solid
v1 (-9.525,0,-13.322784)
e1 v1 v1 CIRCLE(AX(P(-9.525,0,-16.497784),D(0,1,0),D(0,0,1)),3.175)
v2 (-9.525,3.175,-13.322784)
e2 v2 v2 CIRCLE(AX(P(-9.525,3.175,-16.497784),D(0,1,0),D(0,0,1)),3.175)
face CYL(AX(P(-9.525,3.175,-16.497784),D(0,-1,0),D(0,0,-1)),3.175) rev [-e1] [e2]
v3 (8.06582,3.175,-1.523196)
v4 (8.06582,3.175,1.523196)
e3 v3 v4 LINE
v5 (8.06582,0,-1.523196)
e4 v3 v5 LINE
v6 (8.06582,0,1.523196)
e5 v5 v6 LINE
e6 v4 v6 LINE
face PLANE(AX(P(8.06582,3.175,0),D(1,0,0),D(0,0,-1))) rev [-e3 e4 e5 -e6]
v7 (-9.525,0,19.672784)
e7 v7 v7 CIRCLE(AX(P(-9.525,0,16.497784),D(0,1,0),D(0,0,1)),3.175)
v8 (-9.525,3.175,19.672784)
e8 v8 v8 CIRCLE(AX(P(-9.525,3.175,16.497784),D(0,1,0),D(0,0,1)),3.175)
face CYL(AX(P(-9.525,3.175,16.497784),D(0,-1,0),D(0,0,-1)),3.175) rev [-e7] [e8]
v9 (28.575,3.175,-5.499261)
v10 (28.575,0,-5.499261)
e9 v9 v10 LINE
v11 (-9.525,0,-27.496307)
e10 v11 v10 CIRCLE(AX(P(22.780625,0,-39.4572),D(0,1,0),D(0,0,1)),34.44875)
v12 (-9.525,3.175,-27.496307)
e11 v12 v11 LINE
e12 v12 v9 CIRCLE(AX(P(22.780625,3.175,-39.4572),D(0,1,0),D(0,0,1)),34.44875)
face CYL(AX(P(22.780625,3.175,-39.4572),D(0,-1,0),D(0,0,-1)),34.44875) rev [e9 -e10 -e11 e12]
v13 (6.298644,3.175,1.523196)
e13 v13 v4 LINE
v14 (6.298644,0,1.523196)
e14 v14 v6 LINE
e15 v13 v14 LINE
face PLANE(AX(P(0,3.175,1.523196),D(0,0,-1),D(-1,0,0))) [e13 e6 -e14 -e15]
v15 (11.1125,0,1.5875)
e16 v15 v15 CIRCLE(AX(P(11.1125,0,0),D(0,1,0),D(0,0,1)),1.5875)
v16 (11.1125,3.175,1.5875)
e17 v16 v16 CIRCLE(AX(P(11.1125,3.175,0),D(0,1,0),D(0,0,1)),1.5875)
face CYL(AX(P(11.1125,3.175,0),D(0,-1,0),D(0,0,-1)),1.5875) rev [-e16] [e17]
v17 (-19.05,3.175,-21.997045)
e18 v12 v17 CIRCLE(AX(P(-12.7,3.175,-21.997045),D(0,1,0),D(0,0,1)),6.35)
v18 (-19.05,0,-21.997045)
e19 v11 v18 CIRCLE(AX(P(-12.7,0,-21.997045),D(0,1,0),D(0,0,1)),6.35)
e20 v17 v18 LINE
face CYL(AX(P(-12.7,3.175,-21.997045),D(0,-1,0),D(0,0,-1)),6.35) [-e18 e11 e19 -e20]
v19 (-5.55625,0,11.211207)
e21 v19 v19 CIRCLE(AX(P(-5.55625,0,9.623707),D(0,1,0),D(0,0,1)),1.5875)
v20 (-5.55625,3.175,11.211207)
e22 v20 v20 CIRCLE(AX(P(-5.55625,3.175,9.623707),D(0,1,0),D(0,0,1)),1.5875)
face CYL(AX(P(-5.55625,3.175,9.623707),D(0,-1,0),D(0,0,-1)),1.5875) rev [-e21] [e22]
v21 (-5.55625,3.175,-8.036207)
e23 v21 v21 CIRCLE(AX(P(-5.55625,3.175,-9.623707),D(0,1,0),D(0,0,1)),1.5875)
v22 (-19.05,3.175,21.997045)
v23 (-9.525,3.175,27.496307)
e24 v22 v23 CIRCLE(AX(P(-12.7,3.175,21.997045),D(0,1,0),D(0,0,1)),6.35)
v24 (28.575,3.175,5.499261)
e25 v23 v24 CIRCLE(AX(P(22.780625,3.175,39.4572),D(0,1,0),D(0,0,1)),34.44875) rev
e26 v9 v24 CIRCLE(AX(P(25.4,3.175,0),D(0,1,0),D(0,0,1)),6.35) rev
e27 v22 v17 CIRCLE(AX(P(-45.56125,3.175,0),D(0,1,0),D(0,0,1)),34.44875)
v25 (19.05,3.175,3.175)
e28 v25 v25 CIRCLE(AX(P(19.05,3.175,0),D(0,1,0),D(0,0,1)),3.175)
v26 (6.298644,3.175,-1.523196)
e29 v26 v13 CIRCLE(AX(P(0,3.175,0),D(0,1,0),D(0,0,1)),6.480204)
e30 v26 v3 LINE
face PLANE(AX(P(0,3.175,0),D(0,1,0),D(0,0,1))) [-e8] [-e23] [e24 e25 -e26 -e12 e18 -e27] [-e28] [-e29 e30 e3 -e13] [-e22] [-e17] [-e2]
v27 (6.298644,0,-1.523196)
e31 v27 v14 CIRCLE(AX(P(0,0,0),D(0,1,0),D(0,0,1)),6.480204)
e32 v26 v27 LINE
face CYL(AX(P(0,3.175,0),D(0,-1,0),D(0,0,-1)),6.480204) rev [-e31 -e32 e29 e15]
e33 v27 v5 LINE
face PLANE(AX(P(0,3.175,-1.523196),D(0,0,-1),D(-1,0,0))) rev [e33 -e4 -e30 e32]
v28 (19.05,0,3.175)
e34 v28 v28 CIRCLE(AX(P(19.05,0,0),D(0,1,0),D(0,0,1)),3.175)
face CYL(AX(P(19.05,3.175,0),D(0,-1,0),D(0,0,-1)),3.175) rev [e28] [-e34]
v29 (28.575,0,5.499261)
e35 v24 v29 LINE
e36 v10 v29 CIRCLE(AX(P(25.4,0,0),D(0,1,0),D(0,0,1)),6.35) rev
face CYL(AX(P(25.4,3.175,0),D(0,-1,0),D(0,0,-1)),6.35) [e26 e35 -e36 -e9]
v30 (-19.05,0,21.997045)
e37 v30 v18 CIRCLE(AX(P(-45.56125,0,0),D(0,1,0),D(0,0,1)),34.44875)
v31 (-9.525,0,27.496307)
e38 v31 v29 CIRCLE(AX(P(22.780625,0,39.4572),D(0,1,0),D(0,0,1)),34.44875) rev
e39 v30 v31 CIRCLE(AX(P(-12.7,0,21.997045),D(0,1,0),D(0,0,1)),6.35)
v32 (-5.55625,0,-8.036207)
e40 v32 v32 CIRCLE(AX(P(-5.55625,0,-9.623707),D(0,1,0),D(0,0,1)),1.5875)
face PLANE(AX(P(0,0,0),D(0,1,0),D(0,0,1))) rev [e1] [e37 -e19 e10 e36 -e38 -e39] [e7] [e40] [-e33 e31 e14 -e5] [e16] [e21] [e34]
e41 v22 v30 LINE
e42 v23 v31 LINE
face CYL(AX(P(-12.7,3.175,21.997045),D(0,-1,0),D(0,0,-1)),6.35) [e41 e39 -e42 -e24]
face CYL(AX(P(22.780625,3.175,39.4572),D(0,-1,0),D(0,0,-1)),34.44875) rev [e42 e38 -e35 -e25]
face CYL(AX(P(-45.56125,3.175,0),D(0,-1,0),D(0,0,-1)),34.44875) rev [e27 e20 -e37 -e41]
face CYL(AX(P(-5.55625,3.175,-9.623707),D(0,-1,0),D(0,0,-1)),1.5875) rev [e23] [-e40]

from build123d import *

# Parameters (mm, degrees)
BOSS_EXTRUDE2_DEPTH = 3.175


with BuildPart() as part:
    # Sketch1 → Boss-Extrude2 (new body)
    # profile 1 of 7: a face of its own
    with BuildSketch(Plane(origin=(0, 0, 0), x_dir=(1, 0, 0), z_dir=(0, 1, 0))):
        with BuildLine():
            ThreePointArc((28.575, -5.499261314), (31.75, 0), (28.575, 5.499261314))
            ThreePointArc((28.575, 5.499261314), (5.55625, 9.6237073), (-9.525, 27.49630657))
            ThreePointArc((-9.525, 27.49630657), (-15.875, 27.49630657), (-19.05, 21.997045256))
            ThreePointArc((-19.05, 21.997045256), (-11.443597622, 4.764679711), (-14.037901317, -13.892259152))
            Line((-14.037901317, -13.892259152), (-12.274630657, -14.910283942))
            ThreePointArc((-12.274630657, -14.910283942), (-11.1125, -13.748153285), (-9.525, -13.322783942))
            Line((-9.525, -13.322783942), (-9.525, 13.322783942))
            ThreePointArc((-9.525, 13.322783942), (-11.77006403, 18.742847972), (-6.35, 16.497783942))
            ThreePointArc((-6.35, 16.497783942), (-6.458185502, 15.676033474), (-6.775369343, 14.910283942))
            Line((-6.775369343, 14.910283942), (16.300369343, 1.5875))
            ThreePointArc((16.300369343, 1.5875), (19.871750468, 3.066814498), (22.225, 0))
            ThreePointArc((22.225, 0), (19.871750468, -3.066814498), (16.300369343, -1.5875))
            Line((16.300369343, -1.5875), (-6.775369343, -14.910283942))
            ThreePointArc((-6.775369343, -14.910283942), (-6.458185502, -15.676033474), (-6.35, -16.497783942))
            ThreePointArc((-6.35, -16.497783942), (-6.458185502, -17.31953441), (-6.775369343, -18.085283942))
            Line((-6.775369343, -18.085283942), (-5.012098683, -19.103308732))
            ThreePointArc((-5.012098683, -19.103308732), (9.848132482, -7.528106395), (28.575, -5.499261314))
        make_face()
    # profile 2 of 7: a face of its own
    with BuildSketch(Plane(origin=(0, 0, 0), x_dir=(1, 0, 0), z_dir=(0, 1, 0))):
        with BuildLine():
            ThreePointArc((-9.525, -27.49630657), (-7.560164077, -23.143006881), (-5.012098683, -19.103308732))
            Line((-5.012098683, -19.103308732), (-6.775369343, -18.085283942))
            ThreePointArc((-6.775369343, -18.085283942), (-11.1125, -19.247414599), (-12.274630657, -14.910283942))
            Line((-12.274630657, -14.910283942), (-14.037901317, -13.892259152))
            ThreePointArc((-14.037901317, -13.892259152), (-16.262349841, -18.118797588), (-19.05, -21.997045256))
            ThreePointArc((-19.05, -21.997045256), (-15.875, -27.49630657), (-9.525, -27.49630657))
        make_face()
    # profile 3 of 7: a face of its own
    with BuildSketch(Plane(origin=(0, 0, 0), x_dir=(1, 0, 0), z_dir=(0, 1, 0))):
        with BuildLine():
            Line((-9.525, 13.322783942), (-9.525, -13.322783942))
            ThreePointArc((-9.525, -13.322783942), (-7.9375, -13.748153285), (-6.775369343, -14.910283942))
            Line((-6.775369343, -14.910283942), (16.300369343, -1.5875))
            ThreePointArc((16.300369343, -1.5875), (15.875, 0), (16.300369343, 1.5875))
            Line((16.300369343, 1.5875), (-6.775369343, 14.910283942))
            ThreePointArc((-6.775369343, 14.910283942), (-7.9375, 13.748153285), (-9.525, 13.322783942))
        make_face()
        with BuildLine():
            Line((-8.065819658, -1.523195628), (-8.065819658, 1.523195628))
            Line((-8.065819658, 1.523195628), (-6.298644043, 1.523195628))
            ThreePointArc((-6.298644043, 1.523195628), (-5.996260328, 2.457214638), (-5.55625, 3.334835474))
            Line((-5.55625, 3.334835474), (-5.55625, 8.0362073))
            ThreePointArc((-5.55625, 8.0362073), (-6.678782015, 10.746239315), (-3.96875, 9.6237073))
            ThreePointArc((-3.96875, 9.6237073), (-4.022842751, 9.212832065), (-4.181434671, 8.8299573))
            Line((-4.181434671, 8.8299573), (-0.109927238, 6.479271387))
            ThreePointArc((-0.109927238, 6.479271387), (3.240101916, 5.61202114), (5.666177238, 3.144435913))
            Line((5.666177238, 3.144435913), (9.737684671, 0.79375))
            ThreePointArc((9.737684671, 0.79375), (11.523375234, 1.533407249), (12.7, 0))
            ThreePointArc((12.7, 0), (11.523375234, -1.533407249), (9.737684671, -0.79375))
            Line((9.737684671, -0.79375), (5.666177238, -3.144435913))
            ThreePointArc((5.666177238, -3.144435913), (3.240101916, -5.61202114), (-0.109927238, -6.479271387))
            Line((-0.109927238, -6.479271387), (-4.181434671, -8.8299573))
            ThreePointArc((-4.181434671, -8.8299573), (-4.022842751, -9.212832065), (-3.96875, -9.6237073))
            ThreePointArc((-3.96875, -9.6237073), (-6.678782015, -10.746239315), (-5.55625, -8.0362073))
            Line((-5.55625, -8.0362073), (-5.55625, -3.334835474))
            ThreePointArc((-5.55625, -3.334835474), (-5.996260328, -2.457214638), (-6.298644043, -1.523195628))
            Line((-6.298644043, -1.523195628), (-8.065819658, -1.523195628))
        make_face(mode=Mode.SUBTRACT)
    # profile 4 of 7: a face of its own
    with BuildSketch(Plane(origin=(0, 0, 0), x_dir=(1, 0, 0), z_dir=(0, 1, 0))):
        with BuildLine():
            Line((-5.55625, 8.0362073), (-5.55625, 3.334835474))
            ThreePointArc((-5.55625, 3.334835474), (-3.240101916, 5.61202114), (-0.109927238, 6.479271387))
            Line((-0.109927238, 6.479271387), (-4.181434671, 8.8299573))
            ThreePointArc((-4.181434671, 8.8299573), (-4.7625, 8.248891971), (-5.55625, 8.0362073))
        make_face()
    # profile 5 of 7: a face of its own
    with BuildSketch(Plane(origin=(0, 0, 0), x_dir=(1, 0, 0), z_dir=(0, 1, 0))):
        with BuildLine():
            ThreePointArc((-0.109927238, -6.479271387), (-3.240101916, -5.61202114), (-5.55625, -3.334835474))
            Line((-5.55625, -3.334835474), (-5.55625, -8.0362073))
            ThreePointArc((-5.55625, -8.0362073), (-4.7625, -8.248891971), (-4.181434671, -8.8299573))
            Line((-4.181434671, -8.8299573), (-0.109927238, -6.479271387))
        make_face()
    # profile 6 of 7: a face of its own
    with BuildSketch(Plane(origin=(0, 0, 0), x_dir=(1, 0, 0), z_dir=(0, 1, 0))):
        with BuildLine():
            ThreePointArc((5.666177238, 3.144435913), (6.037080593, 2.355143226), (6.298644043, 1.523195628))
            Line((6.298644043, 1.523195628), (8.065819658, 1.523195628))
            Line((8.065819658, 1.523195628), (8.065819658, -1.523195628))
            Line((8.065819658, -1.523195628), (6.298644043, -1.523195628))
            ThreePointArc((6.298644043, -1.523195628), (6.037080593, -2.355143226), (5.666177238, -3.144435913))
            Line((5.666177238, -3.144435913), (9.737684671, -0.79375))
            ThreePointArc((9.737684671, -0.79375), (9.525, 0), (9.737684671, 0.79375))
            Line((9.737684671, 0.79375), (5.666177238, 3.144435913))
        make_face()
    # profile 7 of 7: a face of its own
    with BuildSketch(Plane(origin=(0, 0, 0), x_dir=(1, 0, 0), z_dir=(0, 1, 0))):
        with BuildLine():
            Line((-6.298644043, 1.523195628), (-8.065819658, 1.523195628))
            Line((-8.065819658, 1.523195628), (-8.065819658, -1.523195628))
            Line((-8.065819658, -1.523195628), (-6.298644043, -1.523195628))
            ThreePointArc((-6.298644043, -1.523195628), (-6.480203832, 0), (-6.298644043, 1.523195628))
        make_face()
    extrude(amount=BOSS_EXTRUDE2_DEPTH)


solid = part.part
